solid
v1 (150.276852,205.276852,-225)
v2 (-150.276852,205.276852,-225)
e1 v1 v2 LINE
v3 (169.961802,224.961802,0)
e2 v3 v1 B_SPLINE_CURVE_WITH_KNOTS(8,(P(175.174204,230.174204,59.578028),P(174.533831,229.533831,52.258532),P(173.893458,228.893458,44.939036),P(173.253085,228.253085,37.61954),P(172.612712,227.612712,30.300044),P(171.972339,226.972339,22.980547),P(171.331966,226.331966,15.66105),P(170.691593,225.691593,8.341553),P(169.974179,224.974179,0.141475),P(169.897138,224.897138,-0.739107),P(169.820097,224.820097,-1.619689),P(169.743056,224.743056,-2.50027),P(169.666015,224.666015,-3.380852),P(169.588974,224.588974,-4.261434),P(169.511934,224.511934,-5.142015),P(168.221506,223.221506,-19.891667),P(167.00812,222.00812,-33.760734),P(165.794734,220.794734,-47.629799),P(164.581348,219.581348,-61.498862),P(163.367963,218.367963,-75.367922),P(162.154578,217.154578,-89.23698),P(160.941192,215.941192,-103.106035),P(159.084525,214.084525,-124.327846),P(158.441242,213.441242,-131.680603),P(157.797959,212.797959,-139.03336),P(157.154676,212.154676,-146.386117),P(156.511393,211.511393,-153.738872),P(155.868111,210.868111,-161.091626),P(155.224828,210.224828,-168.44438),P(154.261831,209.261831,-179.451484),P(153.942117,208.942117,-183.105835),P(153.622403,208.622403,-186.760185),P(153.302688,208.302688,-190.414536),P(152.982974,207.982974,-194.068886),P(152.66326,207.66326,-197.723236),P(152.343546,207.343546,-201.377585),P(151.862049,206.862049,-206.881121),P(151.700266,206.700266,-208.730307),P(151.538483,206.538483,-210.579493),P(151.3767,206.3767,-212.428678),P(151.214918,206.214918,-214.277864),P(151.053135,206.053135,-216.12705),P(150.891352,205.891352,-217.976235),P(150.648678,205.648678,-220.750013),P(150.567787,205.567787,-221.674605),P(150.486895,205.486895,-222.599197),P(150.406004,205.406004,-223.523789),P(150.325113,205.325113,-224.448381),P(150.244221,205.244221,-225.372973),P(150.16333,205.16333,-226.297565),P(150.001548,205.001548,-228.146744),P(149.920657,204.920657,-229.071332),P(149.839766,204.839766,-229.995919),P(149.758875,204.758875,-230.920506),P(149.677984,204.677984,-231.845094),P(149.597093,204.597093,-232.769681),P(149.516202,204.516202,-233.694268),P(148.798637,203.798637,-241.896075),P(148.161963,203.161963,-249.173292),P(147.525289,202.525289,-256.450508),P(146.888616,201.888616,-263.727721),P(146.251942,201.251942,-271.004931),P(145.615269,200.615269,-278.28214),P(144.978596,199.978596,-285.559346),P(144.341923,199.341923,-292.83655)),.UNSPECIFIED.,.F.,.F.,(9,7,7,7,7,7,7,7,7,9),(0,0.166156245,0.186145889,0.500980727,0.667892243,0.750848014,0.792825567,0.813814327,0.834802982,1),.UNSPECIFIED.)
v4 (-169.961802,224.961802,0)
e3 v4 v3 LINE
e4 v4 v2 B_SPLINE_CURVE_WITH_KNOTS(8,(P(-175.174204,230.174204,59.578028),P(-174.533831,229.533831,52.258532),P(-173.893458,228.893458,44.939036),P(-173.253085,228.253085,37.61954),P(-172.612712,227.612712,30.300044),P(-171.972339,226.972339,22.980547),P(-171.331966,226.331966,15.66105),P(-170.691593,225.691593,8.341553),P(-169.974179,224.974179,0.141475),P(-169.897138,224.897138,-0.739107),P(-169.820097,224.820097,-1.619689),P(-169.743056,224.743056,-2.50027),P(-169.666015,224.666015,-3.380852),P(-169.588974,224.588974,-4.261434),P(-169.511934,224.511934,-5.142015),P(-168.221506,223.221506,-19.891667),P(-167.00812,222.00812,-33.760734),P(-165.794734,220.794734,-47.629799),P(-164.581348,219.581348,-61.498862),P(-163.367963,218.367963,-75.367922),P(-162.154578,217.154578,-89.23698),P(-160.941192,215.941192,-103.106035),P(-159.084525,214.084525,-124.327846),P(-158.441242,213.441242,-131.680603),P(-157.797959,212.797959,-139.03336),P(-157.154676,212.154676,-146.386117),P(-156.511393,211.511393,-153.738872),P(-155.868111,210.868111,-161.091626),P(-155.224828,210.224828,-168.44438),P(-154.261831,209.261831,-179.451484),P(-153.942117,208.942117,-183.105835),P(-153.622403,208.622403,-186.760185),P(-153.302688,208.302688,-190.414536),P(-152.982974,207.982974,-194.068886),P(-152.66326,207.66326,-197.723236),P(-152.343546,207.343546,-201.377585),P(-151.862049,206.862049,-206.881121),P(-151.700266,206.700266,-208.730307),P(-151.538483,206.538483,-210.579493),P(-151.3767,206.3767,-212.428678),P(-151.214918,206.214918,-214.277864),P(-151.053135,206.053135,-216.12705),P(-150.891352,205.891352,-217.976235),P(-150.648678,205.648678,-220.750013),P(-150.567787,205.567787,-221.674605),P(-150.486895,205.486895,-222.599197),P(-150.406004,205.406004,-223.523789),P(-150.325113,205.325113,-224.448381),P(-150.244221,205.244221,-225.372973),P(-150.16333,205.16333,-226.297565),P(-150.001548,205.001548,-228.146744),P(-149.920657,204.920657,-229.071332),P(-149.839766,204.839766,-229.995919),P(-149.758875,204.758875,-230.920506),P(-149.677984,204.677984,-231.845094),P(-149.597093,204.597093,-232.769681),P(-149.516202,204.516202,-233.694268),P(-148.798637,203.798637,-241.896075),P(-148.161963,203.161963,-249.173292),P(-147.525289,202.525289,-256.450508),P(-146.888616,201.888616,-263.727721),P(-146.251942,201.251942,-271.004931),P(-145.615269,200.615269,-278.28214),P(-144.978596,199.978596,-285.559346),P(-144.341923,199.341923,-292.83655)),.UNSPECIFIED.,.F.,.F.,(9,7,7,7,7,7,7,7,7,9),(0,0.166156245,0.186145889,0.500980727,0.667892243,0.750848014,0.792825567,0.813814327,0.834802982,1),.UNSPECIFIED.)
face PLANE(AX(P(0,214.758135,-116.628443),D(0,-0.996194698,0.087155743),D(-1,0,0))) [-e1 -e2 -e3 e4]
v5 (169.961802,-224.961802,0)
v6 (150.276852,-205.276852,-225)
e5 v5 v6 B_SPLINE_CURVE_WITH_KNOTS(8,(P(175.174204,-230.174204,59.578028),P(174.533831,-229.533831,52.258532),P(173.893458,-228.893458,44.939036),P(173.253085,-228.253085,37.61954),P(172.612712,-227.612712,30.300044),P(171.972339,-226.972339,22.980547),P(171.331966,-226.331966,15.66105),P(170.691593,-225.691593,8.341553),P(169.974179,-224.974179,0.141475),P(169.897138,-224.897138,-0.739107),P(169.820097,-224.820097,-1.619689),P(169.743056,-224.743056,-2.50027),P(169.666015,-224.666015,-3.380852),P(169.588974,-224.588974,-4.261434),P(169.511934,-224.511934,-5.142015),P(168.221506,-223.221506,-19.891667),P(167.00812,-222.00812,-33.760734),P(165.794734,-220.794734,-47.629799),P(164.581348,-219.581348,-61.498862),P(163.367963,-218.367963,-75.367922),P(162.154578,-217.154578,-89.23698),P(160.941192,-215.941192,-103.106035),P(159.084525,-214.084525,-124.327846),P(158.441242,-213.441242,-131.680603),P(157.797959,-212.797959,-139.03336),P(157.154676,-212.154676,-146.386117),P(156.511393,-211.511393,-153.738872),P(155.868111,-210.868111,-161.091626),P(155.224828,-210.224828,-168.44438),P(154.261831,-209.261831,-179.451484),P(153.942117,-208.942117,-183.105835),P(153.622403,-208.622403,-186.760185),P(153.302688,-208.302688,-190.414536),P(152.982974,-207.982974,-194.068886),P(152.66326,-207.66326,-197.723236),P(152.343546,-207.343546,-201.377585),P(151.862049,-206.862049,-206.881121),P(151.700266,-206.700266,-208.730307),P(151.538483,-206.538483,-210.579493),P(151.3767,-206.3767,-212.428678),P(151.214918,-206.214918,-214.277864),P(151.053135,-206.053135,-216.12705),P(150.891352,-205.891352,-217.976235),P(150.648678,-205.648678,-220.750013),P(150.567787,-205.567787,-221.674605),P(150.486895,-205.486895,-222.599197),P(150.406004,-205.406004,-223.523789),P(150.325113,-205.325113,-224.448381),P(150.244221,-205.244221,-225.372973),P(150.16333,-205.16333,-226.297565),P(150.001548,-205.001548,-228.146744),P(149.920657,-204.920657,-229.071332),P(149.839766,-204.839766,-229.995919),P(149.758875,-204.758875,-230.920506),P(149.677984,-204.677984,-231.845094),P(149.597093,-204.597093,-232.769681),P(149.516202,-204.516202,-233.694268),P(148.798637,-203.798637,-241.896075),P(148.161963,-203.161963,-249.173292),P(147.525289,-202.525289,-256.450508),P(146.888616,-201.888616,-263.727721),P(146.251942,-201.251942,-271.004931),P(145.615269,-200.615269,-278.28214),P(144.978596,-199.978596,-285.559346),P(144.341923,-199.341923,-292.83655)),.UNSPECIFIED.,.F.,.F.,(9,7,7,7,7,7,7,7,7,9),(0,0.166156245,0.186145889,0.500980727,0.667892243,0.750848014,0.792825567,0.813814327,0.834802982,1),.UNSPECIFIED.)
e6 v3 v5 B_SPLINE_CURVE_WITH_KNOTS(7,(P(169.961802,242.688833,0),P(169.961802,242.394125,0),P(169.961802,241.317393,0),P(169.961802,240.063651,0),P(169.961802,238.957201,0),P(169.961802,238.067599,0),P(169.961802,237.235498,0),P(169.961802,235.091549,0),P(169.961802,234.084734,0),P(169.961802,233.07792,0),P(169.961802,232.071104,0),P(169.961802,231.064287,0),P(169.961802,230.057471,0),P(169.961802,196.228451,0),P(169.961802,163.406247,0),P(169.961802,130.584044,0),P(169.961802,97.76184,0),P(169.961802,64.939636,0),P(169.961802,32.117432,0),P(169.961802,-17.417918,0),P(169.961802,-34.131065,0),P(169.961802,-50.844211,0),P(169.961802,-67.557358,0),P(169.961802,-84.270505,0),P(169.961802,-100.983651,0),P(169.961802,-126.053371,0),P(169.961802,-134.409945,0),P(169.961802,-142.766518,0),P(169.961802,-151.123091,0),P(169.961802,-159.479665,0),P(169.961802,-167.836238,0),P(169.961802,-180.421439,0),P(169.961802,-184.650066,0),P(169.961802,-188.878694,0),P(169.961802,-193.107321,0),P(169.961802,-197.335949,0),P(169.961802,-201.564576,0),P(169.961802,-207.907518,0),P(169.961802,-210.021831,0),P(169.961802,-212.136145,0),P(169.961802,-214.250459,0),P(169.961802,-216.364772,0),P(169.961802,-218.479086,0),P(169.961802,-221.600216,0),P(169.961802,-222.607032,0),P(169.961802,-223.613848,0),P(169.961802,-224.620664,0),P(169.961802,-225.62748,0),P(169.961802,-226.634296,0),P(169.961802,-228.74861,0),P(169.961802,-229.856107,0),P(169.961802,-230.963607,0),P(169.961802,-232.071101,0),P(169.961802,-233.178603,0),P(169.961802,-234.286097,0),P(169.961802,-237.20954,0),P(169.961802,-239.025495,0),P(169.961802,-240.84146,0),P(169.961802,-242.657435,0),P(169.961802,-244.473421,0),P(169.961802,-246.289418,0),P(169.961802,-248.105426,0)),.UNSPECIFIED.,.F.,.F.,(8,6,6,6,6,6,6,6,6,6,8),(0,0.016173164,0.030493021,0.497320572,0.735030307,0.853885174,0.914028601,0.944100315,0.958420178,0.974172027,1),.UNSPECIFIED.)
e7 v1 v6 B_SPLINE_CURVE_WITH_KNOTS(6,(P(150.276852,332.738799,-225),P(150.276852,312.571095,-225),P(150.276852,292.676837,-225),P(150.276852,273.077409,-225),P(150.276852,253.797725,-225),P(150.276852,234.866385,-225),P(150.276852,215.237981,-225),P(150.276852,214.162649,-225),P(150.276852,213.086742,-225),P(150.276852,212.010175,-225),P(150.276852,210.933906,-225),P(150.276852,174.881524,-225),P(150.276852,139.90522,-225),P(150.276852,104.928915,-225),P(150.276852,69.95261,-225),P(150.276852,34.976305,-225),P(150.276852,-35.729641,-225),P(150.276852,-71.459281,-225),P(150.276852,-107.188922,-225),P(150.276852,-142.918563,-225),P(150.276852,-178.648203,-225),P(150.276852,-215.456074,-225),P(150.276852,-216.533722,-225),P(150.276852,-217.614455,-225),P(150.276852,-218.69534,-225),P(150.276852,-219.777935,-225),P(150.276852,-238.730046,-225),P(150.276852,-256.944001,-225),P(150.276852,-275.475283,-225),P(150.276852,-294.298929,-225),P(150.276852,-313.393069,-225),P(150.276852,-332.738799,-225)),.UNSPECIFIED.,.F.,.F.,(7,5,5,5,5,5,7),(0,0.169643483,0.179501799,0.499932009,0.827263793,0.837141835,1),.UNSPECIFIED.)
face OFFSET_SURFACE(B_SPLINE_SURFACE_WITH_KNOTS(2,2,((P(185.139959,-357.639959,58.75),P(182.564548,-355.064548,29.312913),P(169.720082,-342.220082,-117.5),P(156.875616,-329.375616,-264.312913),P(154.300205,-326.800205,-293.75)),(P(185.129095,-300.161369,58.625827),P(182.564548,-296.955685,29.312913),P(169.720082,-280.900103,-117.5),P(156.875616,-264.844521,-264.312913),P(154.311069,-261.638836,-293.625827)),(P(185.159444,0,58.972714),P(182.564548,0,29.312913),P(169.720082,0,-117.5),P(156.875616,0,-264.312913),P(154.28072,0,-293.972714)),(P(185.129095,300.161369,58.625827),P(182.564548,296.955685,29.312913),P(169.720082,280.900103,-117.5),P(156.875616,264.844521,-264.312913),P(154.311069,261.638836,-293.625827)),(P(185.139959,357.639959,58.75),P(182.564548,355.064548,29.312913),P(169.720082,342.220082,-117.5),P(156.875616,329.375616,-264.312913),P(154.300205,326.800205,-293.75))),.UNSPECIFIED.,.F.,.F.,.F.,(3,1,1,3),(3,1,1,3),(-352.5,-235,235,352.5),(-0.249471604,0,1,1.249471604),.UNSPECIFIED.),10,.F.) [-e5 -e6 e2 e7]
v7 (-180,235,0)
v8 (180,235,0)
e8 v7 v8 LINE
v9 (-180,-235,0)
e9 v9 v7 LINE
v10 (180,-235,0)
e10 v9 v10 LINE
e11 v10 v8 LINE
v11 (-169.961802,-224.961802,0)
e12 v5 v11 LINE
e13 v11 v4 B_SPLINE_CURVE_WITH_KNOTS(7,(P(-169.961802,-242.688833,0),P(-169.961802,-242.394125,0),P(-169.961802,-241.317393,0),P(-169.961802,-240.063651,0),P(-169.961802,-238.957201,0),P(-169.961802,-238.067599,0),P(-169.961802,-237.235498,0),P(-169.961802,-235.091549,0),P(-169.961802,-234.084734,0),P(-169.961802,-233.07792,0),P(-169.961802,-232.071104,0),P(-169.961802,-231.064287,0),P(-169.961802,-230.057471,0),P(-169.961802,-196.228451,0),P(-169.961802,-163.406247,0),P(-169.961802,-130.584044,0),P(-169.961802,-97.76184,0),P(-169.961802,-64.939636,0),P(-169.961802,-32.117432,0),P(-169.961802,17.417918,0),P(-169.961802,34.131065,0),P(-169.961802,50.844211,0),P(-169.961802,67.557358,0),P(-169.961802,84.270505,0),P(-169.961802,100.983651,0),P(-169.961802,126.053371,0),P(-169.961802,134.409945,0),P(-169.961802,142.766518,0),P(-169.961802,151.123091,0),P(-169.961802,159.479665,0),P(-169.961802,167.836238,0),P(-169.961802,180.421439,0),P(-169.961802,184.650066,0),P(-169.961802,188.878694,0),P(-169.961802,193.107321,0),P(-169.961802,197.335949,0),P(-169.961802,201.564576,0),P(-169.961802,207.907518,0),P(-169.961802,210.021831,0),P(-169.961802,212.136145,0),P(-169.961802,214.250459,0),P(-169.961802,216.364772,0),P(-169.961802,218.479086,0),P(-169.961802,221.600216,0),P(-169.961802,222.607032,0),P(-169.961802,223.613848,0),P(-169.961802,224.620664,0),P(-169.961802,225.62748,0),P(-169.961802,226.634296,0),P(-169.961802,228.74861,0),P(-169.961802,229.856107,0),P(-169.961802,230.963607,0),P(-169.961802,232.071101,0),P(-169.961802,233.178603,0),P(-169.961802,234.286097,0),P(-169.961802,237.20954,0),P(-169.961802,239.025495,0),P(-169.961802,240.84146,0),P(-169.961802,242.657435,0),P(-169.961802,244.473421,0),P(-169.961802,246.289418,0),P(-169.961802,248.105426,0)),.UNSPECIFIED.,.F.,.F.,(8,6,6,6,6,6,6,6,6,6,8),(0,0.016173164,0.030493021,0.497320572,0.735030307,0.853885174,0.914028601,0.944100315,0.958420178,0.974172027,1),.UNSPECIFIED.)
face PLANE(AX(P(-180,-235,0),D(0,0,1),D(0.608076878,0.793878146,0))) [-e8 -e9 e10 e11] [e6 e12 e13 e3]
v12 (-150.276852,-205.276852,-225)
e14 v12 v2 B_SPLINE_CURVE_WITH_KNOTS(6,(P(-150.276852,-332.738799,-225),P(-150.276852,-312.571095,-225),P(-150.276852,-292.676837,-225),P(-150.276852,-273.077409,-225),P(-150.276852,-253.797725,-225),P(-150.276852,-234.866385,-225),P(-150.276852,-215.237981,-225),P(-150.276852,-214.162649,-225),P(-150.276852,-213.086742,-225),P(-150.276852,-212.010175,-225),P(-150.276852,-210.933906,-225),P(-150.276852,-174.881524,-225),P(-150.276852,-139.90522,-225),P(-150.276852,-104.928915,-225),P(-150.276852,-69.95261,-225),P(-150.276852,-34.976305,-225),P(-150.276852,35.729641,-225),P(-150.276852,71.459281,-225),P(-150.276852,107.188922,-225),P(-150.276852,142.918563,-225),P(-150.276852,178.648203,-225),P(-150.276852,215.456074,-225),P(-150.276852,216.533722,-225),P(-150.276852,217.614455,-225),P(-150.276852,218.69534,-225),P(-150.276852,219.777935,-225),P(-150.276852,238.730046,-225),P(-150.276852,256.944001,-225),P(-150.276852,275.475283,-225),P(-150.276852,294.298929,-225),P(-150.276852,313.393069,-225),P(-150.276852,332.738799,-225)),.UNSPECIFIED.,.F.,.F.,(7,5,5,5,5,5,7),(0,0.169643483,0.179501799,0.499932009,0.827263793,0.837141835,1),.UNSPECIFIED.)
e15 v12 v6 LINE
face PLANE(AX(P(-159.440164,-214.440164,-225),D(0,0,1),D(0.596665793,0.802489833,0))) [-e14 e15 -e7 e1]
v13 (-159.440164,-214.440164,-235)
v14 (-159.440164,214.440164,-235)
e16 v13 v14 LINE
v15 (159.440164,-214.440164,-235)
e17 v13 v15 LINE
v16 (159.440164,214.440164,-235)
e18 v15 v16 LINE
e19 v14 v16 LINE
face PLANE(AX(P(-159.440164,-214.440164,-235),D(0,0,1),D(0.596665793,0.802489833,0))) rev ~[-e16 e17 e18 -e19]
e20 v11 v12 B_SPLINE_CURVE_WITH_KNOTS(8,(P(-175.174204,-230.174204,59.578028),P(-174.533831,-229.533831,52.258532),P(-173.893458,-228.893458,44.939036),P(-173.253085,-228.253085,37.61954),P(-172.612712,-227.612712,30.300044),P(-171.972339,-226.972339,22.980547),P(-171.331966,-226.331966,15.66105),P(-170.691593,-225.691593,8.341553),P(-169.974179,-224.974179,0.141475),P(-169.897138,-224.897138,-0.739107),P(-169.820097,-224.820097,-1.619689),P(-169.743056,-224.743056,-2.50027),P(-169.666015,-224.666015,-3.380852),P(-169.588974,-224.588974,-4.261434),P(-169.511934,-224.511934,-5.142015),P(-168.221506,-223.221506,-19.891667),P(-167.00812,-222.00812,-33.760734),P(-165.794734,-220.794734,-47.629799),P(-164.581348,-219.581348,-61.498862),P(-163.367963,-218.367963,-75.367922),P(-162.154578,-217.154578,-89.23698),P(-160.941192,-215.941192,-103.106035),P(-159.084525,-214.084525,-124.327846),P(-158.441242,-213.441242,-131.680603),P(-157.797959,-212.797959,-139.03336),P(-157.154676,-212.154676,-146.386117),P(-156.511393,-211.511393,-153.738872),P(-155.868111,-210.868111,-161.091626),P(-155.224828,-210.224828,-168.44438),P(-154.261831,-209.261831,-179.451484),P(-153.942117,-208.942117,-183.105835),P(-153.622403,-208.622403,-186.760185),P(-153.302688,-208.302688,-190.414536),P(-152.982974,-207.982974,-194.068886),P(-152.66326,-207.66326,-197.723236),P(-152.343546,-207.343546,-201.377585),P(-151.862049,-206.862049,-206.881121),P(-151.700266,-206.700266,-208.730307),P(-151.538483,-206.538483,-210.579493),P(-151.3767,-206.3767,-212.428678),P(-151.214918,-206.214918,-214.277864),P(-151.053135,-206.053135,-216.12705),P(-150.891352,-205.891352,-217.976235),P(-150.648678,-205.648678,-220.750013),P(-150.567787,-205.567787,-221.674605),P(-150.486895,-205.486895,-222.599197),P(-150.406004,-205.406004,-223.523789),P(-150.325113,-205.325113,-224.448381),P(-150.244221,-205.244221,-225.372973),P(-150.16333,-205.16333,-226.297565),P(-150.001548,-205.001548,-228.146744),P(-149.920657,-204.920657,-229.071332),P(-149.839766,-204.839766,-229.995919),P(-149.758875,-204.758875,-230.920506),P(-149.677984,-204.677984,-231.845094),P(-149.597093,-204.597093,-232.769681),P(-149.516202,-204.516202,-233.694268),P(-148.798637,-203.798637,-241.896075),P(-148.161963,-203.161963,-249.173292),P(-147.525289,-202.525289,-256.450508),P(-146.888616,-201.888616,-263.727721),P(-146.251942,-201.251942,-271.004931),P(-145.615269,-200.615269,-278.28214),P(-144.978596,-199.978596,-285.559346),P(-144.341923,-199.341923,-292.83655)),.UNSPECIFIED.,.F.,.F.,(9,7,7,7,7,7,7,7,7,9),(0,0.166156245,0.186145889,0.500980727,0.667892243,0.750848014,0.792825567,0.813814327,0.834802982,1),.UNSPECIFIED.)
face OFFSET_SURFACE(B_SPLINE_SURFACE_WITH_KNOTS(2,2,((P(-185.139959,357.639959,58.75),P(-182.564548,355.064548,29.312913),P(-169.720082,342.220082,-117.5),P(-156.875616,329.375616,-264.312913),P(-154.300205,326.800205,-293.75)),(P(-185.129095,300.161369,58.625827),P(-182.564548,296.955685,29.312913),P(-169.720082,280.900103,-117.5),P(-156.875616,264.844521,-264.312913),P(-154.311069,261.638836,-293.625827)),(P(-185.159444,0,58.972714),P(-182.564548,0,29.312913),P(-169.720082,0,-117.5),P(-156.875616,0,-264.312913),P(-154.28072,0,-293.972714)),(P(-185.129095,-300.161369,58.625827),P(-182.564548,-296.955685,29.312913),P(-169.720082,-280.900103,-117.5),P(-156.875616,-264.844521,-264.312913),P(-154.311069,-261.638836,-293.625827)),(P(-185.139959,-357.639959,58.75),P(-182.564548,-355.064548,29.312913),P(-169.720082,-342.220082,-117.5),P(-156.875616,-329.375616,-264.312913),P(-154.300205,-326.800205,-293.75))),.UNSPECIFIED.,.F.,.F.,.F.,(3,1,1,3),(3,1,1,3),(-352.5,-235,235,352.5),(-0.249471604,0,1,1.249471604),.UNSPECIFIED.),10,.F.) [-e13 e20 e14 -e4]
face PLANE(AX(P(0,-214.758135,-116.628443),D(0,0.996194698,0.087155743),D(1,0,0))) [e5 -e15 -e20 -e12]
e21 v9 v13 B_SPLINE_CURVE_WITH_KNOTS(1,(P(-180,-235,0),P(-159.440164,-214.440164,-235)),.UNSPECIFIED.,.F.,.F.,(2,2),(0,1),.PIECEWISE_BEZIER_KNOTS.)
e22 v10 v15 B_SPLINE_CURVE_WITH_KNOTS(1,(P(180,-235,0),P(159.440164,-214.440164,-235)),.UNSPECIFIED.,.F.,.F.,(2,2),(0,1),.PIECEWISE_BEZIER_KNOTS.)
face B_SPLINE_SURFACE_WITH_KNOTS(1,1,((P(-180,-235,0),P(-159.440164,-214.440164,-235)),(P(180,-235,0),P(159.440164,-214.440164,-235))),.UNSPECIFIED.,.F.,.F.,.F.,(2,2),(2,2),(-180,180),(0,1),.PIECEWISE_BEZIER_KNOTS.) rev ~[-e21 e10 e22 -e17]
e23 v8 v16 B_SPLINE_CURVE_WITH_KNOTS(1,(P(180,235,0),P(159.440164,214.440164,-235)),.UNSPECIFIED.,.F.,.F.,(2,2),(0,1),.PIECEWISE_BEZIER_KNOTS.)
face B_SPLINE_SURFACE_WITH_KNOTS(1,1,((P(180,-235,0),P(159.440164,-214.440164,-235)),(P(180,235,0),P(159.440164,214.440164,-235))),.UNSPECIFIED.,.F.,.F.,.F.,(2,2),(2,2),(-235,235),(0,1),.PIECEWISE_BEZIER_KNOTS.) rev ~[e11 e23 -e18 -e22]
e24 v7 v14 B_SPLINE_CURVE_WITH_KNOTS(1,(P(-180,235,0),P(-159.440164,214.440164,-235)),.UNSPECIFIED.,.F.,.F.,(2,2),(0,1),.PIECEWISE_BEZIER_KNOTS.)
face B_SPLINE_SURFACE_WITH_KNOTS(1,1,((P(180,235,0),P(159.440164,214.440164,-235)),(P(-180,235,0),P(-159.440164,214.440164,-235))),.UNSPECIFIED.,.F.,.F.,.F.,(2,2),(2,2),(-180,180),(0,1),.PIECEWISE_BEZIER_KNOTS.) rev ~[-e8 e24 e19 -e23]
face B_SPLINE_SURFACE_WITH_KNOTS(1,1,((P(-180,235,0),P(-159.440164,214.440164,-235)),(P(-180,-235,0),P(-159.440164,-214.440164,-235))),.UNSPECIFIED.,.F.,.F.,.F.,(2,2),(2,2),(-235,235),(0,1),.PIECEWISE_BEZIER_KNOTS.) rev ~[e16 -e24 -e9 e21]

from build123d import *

# Parameters (mm, degrees)
F0_W     = 360
F0_H     = 470
F1_DEPTH = 235
F1_TAPER = 5
F2_T     = -10


with BuildPart() as f1:
    # F0 (on Top) → F1 (new body)
    with BuildSketch(Plane.XY):
        Rectangle(F0_W, F0_H)
    extrude(amount=-F1_DEPTH, taper=F1_TAPER)

    # F2
    f2_openings = [f1.faces().sort_by_distance(p)[0] for p in [
        (0, 0, 0),
    ]]
    offset(amount=F2_T, openings=f2_openings, kind=Kind.INTERSECTION)


solid = f1.part
